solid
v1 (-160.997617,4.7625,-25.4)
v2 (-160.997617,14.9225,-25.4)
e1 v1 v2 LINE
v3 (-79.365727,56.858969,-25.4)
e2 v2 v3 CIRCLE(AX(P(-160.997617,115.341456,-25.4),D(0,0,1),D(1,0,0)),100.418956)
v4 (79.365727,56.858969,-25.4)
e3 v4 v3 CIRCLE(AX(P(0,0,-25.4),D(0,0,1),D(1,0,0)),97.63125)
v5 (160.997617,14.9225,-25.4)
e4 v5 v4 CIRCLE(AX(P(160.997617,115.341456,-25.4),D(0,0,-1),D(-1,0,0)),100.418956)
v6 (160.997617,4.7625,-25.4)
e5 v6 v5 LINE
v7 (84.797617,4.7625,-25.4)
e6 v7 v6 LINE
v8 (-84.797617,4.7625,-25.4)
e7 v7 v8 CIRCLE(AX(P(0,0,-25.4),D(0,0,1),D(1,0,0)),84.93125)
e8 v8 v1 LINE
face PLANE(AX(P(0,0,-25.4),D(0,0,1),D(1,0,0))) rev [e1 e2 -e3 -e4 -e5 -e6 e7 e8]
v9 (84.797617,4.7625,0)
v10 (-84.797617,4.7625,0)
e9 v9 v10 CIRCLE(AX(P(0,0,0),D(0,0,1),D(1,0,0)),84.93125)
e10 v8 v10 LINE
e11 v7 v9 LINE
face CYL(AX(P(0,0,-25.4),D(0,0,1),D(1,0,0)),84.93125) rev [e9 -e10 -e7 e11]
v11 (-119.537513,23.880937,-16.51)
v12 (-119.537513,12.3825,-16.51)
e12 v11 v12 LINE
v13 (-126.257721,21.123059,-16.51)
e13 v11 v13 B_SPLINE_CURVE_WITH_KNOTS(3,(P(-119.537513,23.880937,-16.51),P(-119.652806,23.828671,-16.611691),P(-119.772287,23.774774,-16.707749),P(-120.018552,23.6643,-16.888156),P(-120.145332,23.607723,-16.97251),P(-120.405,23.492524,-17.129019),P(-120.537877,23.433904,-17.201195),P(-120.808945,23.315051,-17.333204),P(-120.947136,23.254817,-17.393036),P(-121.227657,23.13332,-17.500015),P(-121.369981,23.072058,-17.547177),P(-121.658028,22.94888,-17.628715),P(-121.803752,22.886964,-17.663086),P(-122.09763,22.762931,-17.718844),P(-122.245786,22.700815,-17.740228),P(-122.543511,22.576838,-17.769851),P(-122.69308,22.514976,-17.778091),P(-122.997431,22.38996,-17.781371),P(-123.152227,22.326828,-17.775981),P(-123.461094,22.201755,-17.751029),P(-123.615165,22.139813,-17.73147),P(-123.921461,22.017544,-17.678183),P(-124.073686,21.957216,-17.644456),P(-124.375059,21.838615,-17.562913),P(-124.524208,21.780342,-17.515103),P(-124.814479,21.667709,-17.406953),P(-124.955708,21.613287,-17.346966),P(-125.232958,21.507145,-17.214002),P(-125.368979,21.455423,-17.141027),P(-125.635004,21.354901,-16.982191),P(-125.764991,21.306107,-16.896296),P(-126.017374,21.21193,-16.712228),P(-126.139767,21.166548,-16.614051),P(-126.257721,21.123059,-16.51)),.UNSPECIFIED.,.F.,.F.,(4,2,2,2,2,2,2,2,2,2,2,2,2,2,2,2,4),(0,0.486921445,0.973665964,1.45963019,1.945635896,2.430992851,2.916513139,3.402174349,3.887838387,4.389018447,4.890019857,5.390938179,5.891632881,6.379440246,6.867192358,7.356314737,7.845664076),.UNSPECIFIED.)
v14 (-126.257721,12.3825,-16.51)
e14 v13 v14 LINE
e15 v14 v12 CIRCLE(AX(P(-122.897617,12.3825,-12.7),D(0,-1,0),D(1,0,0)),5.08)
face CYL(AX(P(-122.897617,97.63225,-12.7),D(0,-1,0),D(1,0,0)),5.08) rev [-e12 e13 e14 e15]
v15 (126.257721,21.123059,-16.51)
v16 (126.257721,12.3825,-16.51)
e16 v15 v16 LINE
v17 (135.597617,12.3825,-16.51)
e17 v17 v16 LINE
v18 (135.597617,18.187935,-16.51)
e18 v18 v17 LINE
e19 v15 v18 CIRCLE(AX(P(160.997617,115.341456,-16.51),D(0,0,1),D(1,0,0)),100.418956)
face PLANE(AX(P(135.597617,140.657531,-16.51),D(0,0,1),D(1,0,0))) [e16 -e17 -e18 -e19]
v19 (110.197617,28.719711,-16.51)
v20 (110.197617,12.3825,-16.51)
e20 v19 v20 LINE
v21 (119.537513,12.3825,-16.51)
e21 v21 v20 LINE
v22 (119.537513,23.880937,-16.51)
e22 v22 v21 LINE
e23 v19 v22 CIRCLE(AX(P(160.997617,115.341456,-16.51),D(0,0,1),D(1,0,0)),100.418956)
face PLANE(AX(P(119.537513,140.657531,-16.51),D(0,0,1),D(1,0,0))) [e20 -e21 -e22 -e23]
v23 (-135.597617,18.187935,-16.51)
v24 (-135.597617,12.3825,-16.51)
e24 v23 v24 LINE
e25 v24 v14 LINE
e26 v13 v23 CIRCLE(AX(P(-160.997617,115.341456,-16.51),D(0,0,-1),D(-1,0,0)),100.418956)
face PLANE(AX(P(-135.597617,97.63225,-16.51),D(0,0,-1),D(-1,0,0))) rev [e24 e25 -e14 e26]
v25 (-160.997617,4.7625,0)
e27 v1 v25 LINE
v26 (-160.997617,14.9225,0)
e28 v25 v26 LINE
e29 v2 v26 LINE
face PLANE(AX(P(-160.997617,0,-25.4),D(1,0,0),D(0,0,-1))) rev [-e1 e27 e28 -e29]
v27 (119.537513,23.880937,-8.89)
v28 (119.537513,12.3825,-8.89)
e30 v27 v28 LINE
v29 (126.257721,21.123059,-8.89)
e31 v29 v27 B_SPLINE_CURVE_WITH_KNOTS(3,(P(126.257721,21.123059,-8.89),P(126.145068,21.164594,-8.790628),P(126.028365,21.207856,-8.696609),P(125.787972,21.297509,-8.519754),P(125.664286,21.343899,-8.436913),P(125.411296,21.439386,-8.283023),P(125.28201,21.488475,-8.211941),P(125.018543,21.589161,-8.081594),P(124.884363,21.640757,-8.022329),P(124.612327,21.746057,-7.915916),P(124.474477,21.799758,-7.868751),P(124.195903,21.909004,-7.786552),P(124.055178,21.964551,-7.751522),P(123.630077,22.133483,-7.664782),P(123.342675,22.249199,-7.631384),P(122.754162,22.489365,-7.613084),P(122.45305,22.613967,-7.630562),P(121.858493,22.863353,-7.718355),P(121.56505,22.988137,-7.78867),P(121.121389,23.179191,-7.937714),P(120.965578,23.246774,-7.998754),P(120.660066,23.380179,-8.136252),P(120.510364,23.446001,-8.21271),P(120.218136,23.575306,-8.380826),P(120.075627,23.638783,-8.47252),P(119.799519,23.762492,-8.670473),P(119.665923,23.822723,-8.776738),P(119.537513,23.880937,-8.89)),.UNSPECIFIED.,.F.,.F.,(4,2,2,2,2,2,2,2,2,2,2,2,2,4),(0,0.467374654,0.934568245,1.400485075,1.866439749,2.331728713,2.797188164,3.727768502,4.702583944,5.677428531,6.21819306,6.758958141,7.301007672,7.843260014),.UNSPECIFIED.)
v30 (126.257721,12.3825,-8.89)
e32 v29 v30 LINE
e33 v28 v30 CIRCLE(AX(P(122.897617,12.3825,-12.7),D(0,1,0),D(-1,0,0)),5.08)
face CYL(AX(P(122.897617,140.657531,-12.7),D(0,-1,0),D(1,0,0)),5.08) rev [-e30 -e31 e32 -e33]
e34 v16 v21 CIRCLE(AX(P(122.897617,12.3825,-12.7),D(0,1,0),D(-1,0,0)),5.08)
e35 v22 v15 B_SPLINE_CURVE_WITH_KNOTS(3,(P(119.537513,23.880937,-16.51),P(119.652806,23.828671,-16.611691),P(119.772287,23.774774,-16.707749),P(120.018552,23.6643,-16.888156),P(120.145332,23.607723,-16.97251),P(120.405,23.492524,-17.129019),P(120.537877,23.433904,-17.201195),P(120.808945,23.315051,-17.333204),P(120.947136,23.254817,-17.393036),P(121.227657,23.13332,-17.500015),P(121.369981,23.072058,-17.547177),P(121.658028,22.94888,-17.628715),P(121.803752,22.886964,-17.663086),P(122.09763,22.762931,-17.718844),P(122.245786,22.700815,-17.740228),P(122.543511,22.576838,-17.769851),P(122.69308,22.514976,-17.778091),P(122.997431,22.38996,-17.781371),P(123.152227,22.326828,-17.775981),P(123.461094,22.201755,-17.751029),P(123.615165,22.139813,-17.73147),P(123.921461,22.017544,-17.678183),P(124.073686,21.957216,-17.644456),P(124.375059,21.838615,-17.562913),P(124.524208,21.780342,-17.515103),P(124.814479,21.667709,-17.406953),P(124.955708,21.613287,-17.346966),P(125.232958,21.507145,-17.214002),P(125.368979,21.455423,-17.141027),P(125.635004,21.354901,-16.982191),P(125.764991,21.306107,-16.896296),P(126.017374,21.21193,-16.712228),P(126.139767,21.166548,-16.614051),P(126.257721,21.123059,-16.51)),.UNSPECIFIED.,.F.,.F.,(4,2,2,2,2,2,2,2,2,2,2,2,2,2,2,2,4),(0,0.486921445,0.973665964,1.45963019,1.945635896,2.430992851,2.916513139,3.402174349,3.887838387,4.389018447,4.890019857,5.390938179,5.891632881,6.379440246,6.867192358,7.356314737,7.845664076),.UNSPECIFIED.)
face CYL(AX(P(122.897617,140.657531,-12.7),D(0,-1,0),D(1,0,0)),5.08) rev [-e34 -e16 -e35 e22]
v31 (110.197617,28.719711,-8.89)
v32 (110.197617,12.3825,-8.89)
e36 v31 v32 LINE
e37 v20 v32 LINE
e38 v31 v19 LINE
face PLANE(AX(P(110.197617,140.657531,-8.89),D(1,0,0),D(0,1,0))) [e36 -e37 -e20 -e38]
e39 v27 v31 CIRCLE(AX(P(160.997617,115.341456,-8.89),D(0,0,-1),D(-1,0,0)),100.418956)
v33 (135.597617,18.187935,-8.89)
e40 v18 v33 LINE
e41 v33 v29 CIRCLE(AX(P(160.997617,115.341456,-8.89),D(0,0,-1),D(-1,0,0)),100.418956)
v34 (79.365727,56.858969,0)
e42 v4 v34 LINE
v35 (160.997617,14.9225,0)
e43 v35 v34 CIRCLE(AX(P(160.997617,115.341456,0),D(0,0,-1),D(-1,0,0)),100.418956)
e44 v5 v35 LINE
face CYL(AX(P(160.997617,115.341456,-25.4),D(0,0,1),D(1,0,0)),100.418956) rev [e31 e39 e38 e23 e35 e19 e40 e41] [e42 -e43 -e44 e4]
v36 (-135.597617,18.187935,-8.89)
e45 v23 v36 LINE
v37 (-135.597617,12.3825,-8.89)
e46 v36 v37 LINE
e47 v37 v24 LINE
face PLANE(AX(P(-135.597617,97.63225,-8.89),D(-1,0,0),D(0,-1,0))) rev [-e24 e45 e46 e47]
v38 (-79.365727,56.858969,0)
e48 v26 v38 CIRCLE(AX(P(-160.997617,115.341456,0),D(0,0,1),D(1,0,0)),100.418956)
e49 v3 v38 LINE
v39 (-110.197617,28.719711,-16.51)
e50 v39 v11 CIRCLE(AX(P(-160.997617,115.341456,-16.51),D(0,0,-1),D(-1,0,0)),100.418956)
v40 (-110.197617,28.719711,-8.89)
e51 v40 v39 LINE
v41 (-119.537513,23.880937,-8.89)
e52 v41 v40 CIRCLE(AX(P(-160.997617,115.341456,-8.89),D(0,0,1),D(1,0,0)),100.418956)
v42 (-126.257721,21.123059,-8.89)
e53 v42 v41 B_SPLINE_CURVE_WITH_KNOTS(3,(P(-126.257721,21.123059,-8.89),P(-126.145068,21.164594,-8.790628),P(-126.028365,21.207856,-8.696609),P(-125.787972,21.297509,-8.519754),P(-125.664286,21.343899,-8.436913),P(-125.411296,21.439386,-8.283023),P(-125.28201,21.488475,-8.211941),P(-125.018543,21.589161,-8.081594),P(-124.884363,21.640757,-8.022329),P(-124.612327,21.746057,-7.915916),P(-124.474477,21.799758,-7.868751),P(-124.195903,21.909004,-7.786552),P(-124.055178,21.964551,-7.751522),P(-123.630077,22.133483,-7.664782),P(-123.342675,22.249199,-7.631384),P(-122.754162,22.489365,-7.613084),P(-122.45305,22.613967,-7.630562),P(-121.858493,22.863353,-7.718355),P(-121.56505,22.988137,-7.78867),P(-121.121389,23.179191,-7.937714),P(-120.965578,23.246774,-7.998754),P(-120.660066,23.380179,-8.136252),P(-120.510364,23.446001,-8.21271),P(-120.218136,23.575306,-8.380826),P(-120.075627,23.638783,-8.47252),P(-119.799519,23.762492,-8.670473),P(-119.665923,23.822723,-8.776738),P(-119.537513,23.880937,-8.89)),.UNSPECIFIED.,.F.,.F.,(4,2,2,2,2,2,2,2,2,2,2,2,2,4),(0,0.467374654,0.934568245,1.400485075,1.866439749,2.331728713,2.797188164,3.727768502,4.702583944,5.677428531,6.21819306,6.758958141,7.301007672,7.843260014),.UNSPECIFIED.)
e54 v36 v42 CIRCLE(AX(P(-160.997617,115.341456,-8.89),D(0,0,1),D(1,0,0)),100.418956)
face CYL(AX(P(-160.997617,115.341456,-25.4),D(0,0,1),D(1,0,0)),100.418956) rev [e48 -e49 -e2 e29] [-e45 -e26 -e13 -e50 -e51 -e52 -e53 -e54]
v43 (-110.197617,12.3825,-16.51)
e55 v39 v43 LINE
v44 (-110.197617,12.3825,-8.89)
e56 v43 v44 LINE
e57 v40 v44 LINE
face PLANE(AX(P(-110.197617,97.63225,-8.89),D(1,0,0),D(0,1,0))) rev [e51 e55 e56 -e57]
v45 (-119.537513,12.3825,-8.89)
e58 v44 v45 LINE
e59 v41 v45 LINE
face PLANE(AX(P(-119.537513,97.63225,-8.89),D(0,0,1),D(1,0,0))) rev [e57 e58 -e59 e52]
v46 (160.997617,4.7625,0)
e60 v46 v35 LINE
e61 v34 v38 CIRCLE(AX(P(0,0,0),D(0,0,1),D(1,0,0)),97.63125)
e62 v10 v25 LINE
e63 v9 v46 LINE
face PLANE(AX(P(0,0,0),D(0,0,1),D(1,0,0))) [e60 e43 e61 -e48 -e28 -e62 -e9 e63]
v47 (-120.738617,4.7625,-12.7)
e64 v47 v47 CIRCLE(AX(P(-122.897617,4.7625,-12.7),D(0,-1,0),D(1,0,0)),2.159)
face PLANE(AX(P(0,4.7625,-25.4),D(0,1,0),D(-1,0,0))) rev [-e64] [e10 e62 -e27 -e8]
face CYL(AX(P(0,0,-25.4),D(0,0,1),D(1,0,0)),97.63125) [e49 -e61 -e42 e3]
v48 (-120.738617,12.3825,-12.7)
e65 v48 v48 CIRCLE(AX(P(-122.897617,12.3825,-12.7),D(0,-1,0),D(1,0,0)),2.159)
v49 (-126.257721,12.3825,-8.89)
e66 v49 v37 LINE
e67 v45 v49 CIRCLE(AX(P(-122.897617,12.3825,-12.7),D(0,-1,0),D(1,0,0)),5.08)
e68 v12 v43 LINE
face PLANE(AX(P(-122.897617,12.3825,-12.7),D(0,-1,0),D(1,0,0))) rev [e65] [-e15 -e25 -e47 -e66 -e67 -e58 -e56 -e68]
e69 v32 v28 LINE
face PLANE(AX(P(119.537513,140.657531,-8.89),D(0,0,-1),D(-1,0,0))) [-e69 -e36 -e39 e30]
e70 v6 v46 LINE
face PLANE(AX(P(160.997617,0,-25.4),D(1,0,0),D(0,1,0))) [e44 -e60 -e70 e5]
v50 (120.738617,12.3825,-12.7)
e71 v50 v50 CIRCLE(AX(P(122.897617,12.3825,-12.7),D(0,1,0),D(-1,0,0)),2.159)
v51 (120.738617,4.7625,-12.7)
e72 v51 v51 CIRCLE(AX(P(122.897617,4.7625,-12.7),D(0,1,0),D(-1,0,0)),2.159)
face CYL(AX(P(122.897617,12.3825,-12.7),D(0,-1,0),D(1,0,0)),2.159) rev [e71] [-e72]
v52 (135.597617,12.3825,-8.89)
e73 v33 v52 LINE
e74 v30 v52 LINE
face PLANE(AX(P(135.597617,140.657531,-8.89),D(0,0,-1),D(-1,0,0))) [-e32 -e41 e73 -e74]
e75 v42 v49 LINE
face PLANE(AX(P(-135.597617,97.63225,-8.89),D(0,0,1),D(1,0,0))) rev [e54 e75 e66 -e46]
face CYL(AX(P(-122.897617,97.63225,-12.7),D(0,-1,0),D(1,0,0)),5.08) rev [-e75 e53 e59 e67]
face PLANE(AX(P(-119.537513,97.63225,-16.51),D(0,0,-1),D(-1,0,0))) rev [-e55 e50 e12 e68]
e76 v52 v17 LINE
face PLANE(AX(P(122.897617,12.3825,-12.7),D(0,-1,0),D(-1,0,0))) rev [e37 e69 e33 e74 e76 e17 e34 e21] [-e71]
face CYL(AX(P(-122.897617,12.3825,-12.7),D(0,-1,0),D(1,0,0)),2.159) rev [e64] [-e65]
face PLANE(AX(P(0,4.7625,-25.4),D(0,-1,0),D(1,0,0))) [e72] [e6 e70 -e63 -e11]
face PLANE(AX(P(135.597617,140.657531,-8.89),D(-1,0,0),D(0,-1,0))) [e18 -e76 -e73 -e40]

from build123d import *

# Parameters (mm, degrees)
BOSS_EXTRUDE1_DEPTH = 25.4
CUT_EXTRUDE2_DEPTH  = 23.957211
SKETCH4_R           = 2.159
BOSS_EXTRUDE2_DEPTH = 7.62


with BuildPart() as part:
    # Sketch1 → Boss-Extrude1 (new body)
    with BuildSketch(Plane.XY):
        with BuildLine():
            ThreePointArc((-160.997616832, 14.9225), (-115.11071, 26.01979846), (-79.36572698, 56.858969015))
            ThreePointArc((-79.36572698, 56.858969015), (-44.613051666, 86.842020921), (0, 97.63125))
            Line((0, 97.63125), (0, 84.93125))
            ThreePointArc((0, 84.93125), (-58.347374184, 61.716295679), (-84.797616832, 4.7625))
            Line((-84.797616832, 4.7625), (-160.997616832, 4.7625))
            Line((-160.997616832, 4.7625), (-160.997616832, 14.9225))
        make_face()
    boss_extrude1 = extrude(amount=-BOSS_EXTRUDE1_DEPTH)

    # Sketch3 → Cut-Extrude2 (cut)
    with BuildSketch(Plane.XZ.offset(-4.7625)):
        with BuildLine():
            Line((-119.537512667, -16.51), (-110.197616832, -16.51))
            Line((-110.197616832, -16.51), (-110.197616832, -8.89))
            Line((-110.197616832, -8.89), (-119.537512667, -8.89))
            ThreePointArc((-119.537512667, -8.89), (-122.897616832, -7.62), (-126.257720997, -8.89))
            Line((-126.257720997, -8.89), (-135.597616832, -8.89))
            Line((-135.597616832, -8.89), (-135.597616832, -16.51))
            Line((-135.597616832, -16.51), (-126.257720997, -16.51))
            ThreePointArc((-126.257720997, -16.51), (-122.897616832, -17.78), (-119.537512667, -16.51))
        make_face()
    cut_extrude2 = extrude(amount=-CUT_EXTRUDE2_DEPTH, mode=Mode.SUBTRACT)

    # Mirror2: Boss-Extrude1, Cut-Extrude2 across plane
    add(boss_extrude1.mirror(Plane(origin=(0, 0, -25.4), x_dir=(0, 0, 1), z_dir=(-1, 0, 0))))
    add(cut_extrude2.mirror(Plane(origin=(0, 0, -25.4), x_dir=(0, 0, 1), z_dir=(-1, 0, 0))), mode=Mode.SUBTRACT)

    # Sketch4 → Boss-Extrude2 (add)
    with BuildSketch(Plane.XZ.offset(-4.7625)):
        with BuildLine():
            Line((-110.197616832, -8.89), (-119.537512667, -8.89))
            ThreePointArc((-119.537512667, -8.89), (-122.897616832, -7.62), (-126.257720997, -8.89))
            Line((-126.257720997, -8.89), (-135.597616832, -8.89))
            Line((-135.597616832, -8.89), (-135.597616832, -16.51))
            Line((-135.597616832, -16.51), (-126.257720997, -16.51))
            ThreePointArc((-126.257720997, -16.51), (-122.897616832, -17.78), (-119.537512667, -16.51))
            Line((-119.537512667, -16.51), (-110.197616832, -16.51))
            Line((-110.197616832, -16.51), (-110.197616832, -8.89))
        make_face()
        with Locations((-122.897616832, -12.7)):
            Circle(SKETCH4_R, mode=Mode.SUBTRACT)
    boss_extrude2 = extrude(amount=-BOSS_EXTRUDE2_DEPTH)

    # Mirror3: Boss-Extrude2 across plane
    add(boss_extrude2.mirror(Plane(origin=(0, 0, 0), x_dir=(0, 0, 1), z_dir=(1, 0, 0))))


solid = part.part
